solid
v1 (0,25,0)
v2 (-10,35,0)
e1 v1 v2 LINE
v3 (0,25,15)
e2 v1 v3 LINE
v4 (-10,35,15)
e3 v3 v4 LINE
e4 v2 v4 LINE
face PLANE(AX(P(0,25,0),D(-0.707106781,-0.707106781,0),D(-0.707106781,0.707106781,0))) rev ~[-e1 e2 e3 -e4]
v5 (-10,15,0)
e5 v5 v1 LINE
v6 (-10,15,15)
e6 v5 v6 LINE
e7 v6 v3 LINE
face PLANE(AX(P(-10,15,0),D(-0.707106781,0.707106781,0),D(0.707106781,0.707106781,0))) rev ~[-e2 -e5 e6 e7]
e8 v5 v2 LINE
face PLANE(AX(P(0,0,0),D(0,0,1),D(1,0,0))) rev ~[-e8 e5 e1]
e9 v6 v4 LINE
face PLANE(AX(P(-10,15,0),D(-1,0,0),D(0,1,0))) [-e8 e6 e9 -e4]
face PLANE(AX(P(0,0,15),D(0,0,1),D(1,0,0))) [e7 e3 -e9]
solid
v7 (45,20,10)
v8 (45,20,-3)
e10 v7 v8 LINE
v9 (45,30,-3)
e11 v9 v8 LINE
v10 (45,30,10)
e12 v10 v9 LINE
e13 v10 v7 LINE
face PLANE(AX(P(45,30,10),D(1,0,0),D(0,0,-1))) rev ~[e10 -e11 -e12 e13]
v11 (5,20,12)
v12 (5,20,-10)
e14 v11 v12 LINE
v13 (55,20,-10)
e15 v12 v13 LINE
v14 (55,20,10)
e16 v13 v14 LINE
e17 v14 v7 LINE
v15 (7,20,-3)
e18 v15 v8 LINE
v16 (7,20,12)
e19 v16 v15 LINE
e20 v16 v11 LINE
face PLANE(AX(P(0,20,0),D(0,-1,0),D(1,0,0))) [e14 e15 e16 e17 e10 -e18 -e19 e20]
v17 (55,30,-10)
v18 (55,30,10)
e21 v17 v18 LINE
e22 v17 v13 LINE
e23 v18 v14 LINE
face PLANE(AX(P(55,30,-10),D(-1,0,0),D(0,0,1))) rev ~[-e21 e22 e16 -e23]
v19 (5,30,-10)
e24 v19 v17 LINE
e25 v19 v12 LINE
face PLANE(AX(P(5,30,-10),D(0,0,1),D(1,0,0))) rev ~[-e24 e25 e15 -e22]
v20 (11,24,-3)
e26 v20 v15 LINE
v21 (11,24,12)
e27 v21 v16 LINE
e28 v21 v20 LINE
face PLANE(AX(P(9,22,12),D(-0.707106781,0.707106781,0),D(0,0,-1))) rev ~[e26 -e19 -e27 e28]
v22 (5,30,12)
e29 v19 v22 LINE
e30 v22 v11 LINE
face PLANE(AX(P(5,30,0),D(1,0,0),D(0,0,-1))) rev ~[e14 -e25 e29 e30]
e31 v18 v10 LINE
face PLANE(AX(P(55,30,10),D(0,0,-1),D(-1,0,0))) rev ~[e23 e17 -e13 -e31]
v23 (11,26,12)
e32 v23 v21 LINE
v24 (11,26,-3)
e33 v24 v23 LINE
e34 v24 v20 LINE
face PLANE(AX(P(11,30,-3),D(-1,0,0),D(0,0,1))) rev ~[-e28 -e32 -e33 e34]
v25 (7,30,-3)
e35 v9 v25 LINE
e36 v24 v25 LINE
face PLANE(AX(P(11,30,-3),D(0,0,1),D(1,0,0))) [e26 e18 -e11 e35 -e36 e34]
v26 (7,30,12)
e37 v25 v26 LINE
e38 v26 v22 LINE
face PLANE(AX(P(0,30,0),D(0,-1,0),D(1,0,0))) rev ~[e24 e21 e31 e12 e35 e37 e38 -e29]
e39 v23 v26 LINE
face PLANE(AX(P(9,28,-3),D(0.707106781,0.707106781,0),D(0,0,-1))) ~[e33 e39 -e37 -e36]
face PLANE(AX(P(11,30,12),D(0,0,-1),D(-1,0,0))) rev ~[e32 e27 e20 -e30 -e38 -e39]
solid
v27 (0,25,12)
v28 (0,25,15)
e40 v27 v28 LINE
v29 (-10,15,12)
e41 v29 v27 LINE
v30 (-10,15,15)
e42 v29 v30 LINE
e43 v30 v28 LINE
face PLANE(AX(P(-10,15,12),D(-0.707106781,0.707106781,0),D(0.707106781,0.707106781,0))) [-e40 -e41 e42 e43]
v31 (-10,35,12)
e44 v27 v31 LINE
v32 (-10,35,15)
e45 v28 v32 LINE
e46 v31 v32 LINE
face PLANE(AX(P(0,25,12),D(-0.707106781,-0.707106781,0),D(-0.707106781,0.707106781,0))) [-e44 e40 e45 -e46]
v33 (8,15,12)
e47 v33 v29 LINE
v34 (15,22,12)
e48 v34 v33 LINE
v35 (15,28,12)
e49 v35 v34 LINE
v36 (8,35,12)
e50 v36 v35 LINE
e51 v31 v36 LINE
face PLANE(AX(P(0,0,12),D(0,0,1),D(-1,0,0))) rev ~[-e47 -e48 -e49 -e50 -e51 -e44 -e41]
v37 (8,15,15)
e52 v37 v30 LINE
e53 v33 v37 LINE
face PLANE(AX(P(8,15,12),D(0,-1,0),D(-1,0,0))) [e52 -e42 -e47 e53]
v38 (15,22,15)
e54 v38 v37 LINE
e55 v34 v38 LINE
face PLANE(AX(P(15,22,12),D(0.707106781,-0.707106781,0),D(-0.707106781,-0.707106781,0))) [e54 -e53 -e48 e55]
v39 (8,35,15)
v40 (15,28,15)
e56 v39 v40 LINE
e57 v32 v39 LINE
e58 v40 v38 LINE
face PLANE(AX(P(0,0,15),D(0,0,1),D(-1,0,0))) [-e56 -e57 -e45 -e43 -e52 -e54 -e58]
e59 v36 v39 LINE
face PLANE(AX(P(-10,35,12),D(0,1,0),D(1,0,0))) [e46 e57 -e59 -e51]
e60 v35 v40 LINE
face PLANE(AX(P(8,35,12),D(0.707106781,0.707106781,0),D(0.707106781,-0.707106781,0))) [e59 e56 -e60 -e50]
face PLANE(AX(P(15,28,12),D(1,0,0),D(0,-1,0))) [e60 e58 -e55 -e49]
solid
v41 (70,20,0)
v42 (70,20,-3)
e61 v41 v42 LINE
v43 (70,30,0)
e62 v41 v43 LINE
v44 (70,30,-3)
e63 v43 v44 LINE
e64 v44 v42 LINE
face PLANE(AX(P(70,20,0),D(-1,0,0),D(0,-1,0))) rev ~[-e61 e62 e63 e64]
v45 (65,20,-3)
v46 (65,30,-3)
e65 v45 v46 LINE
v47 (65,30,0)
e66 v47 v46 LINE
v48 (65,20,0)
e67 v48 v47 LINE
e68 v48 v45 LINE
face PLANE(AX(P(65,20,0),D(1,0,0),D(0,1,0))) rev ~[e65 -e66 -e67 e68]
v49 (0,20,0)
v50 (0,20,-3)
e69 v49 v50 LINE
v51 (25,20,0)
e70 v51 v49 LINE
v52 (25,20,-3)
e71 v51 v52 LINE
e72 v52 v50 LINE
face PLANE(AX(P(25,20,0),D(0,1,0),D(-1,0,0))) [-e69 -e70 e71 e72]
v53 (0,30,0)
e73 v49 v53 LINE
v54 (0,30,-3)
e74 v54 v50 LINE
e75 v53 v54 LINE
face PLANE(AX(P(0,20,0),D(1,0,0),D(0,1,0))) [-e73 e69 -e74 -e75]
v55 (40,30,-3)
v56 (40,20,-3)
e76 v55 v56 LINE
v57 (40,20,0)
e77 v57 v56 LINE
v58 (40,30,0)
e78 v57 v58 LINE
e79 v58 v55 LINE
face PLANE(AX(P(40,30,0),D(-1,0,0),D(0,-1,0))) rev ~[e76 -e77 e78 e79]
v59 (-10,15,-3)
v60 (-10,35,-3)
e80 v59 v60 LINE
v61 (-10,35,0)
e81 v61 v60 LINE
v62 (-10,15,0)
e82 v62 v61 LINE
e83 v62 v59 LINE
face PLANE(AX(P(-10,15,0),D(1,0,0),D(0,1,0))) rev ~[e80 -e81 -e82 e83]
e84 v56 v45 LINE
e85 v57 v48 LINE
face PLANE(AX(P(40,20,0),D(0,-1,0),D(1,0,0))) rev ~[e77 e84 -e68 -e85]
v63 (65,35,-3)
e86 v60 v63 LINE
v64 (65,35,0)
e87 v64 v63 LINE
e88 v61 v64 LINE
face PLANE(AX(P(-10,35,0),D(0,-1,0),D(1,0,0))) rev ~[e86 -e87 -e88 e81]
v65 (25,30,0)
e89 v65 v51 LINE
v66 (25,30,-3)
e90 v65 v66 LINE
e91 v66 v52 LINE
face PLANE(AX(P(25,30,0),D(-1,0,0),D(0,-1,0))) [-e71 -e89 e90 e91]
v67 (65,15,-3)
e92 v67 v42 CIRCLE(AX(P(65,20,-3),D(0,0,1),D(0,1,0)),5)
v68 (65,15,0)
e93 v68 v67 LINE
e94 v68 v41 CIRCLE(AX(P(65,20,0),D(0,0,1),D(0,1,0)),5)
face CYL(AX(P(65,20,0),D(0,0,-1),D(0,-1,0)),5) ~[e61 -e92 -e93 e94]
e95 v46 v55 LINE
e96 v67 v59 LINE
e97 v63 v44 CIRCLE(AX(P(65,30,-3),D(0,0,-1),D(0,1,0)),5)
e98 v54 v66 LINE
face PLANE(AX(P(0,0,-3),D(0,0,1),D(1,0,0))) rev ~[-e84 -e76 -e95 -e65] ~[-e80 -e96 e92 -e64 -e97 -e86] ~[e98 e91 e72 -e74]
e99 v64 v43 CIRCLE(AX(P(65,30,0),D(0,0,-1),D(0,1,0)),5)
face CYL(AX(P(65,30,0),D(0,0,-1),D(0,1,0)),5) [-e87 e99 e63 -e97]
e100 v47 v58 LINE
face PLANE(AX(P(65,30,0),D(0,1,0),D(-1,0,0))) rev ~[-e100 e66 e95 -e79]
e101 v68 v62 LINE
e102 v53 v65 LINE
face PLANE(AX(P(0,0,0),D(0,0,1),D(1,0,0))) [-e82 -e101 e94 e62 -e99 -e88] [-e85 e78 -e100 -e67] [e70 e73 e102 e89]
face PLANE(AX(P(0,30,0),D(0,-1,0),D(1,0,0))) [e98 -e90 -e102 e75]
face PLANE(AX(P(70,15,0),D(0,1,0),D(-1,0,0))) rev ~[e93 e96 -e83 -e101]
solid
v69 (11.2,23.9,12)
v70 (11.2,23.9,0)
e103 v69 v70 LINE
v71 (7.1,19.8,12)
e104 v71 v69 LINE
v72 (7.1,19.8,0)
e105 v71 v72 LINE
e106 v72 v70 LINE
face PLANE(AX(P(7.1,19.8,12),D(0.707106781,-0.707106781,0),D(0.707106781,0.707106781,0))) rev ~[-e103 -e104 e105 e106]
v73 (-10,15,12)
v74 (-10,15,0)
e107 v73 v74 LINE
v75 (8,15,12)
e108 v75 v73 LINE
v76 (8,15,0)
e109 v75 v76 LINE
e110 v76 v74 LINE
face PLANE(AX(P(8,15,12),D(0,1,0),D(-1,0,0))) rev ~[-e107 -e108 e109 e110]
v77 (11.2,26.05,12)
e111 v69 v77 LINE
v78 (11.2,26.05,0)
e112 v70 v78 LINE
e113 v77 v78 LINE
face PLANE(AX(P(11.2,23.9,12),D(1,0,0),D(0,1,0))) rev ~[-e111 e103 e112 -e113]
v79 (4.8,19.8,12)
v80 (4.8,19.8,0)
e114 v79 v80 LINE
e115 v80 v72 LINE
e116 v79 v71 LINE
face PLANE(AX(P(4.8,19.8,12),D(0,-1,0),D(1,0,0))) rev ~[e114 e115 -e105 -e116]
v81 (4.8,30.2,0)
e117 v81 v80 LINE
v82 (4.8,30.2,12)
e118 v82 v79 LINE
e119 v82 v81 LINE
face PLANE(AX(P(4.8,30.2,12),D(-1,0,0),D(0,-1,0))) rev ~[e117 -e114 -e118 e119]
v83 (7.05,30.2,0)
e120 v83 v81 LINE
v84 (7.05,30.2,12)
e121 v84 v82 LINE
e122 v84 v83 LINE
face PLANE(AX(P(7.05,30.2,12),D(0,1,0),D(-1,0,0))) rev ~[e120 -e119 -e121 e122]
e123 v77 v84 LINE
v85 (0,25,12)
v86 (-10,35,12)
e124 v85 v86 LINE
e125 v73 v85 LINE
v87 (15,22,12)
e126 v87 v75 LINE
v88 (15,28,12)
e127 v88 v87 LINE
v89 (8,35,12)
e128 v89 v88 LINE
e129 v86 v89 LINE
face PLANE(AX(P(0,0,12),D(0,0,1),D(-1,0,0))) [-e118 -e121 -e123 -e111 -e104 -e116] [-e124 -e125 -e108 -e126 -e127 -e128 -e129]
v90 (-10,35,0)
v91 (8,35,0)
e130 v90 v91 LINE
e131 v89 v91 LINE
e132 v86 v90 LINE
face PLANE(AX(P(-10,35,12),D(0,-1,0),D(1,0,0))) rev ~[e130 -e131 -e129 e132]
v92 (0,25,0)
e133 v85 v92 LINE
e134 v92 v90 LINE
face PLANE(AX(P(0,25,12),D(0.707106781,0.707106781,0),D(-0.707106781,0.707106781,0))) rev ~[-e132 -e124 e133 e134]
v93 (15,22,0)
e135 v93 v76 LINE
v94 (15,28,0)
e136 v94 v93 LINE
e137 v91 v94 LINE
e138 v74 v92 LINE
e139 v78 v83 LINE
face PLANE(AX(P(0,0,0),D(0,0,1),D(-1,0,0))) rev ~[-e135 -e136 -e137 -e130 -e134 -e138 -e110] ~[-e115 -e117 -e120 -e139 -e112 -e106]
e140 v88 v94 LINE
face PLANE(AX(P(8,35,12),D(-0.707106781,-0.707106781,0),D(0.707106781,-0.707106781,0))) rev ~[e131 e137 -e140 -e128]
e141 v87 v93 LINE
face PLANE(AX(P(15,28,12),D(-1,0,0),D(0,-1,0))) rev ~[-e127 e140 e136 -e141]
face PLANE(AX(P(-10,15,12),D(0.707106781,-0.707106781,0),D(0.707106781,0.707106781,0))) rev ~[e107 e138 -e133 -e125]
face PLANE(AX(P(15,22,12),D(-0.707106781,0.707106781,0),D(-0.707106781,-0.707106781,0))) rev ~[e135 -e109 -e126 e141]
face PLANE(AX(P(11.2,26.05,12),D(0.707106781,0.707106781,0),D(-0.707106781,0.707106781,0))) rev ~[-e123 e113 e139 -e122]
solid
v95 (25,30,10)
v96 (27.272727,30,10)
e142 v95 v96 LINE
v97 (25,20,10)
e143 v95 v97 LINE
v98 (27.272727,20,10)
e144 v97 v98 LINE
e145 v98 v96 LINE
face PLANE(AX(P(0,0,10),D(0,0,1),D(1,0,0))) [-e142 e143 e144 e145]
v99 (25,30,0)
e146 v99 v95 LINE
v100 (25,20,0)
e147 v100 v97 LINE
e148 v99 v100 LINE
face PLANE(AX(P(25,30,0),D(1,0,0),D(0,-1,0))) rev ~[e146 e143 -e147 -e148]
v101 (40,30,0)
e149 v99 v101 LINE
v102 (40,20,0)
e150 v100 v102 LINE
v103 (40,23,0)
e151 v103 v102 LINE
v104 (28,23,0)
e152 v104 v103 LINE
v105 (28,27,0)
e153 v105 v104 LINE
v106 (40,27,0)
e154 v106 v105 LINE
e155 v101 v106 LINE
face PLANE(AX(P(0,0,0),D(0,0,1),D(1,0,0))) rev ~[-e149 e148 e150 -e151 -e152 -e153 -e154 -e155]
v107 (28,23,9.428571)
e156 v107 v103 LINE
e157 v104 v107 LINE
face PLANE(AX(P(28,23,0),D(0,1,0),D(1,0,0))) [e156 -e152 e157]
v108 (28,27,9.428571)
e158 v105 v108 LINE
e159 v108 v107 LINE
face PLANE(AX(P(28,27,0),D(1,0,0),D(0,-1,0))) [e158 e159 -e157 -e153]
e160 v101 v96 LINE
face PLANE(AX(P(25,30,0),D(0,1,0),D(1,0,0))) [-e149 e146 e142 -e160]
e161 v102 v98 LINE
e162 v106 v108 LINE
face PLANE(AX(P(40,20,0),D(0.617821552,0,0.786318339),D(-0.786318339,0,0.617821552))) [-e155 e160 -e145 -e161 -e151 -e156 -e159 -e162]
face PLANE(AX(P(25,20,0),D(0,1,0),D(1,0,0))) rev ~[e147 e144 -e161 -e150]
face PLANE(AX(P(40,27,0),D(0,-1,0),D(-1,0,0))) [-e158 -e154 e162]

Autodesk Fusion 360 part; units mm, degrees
sketch "Sketch1" plane through (0, 0, 0) normal (0, 0, 1) x (1, 0, 0) in component "inner-clamp"
  line L0 (-10, 35) -> (70, 35)
  line L1 (70, 35) -> (70, 15)
  line L2 (70, 15) -> (-10, 15)
  line L3 (-10, 15) -> (-10, 35)
  line L4 (25, 30) -> (25, 20)
  line L5 (-10, 15) -> (0, 25)
  line L6 (0, 25) -> (-10, 35)
  line L7 (0, 30) -> (25, 30)
  line L8 (25, 30) -> (25, 20)
  line L9 (25, 20) -> (0, 20)
  line L10 (0, 20) -> (0, 30)
  line L11 (65, 30) -> (40, 30)
  line L12 (40, 30) -> (40, 20)
  line L13 (40, 20) -> (65, 20)
  line L14 (65, 20) -> (65, 30)
  line L15 (25, 30) -> (70, 30)
  line L16 (25, 20) -> (70, 20)
  line L17 (40, 27) -> (28, 27)
  line L18 (28, 27) -> (28, 23)
  line L19 (28, 23) -> (40, 23)
extrude "Extrude3" add sketch "Sketch1" along normal blind 10 contours L4 L8 L12 L15 L16 L17 L18 L19 makes body 1 in component "inner-clamp"
extrude "Extrude2" add sketch "Sketch1" along normal blind 15 separate body contours L3 L5 L6 makes body 2 in component "inner-clamp"
extrude "Extrude1" add sketch "Sketch1" against normal blind 3 separate body contours L3 L5 L6 | L0 L1 L6 L7 L10 L11 L15 | L1 L2 L5 L9 L10 L13 L16 | L1 L14 L15 L16 | L4 L8 L12 L15 L16 L17 L18 L19 | L12 L17 L18 L19 makes body 3 in component "inner-clamp"
fillet "Fillet1" radius 5 2 edges at (70, 15, -1.5) (70, 35, -1.5) on bodies 3 in component "inner-clamp"
sketch "Sketch2" plane through (0, 30, 0) normal (0, -1, 0) x (1, 0, 0) in component "outer-clamp-slider"
  line L0 (25, 0) -> (0, 0)
  line L1 (0, 0) -> (0, -3)
  line L2 (0, -3) -> (25, -3)
  line L3 (25, -3) -> (25, 0)
  line L4 (5, 12) -> (5, -10)
  line L5 (5, -10) -> (55, -10)
  line L6 (55, -10) -> (55, 10)
  line L7 (55, 10) -> (45, 10)
  line L8 (45, 10) -> (45, -3)
  line L9 (45, -3) -> (11, -3)
  line L10 (11, -3) -> (11, 12)
  line L11 (11, 12) -> (5, 12)
extrude "Extrude1'" add sketch "Sketch2" along normal blind 10 separate body contours L0 L2 L4 L10 | L0 L4 L10 L11 | L2 L4 L5 L6 L7 L8 L9 makes body 4 in component "outer-clamp-slider"
chamfer "Chamfer1" distance 4 angle 45 2 edges at (11, 20, 4.5) (11, 30, 4.5) on bodies 4 in component "outer-clamp-slider"
sketch "Sketch1 (2)" plane through (0, 0, 12) normal (0, 0, 1) x (-1, 0, 0) in component "outer-clamp"
  line L0 (-11, -26) -> (-7, -30)
  line L1 (-7, -30) -> (-5, -30)
  line L2 (-5, -30) -> (-5, -20)
  line L3 (-5, -20) -> (-7, -20)
  line L4 (-7, -20) -> (-11, -24)
  line L5 (-11, -24) -> (-11, -26)
  line L6 (-4.8, -19.8) -> (-7.1, -19.8)
  line L7 (-7.1, -19.8) -> (-11.2, -23.9)
  line L8 (-11.2, -23.9) -> (-11.2, -26.05)
  line L9 (-11.2, -26.05) -> (-7.05, -30.2)
  line L10 (-7.05, -30.2) -> (-4.8, -30.2)
  line L11 (-4.8, -30.2) -> (-4.8, -19.8)
  line L12 (0, -25) -> (10, -35)
  line L13 (10, -35) -> (-8, -35)
  line L14 (-8, -35) -> (-15, -28)
  line L15 (-15, -28) -> (-15, -22)
  line L16 (-15, -22) -> (-8, -15)
  line L17 (-8, -15) -> (10, -15)
  line L18 (10, -15) -> (0, -25)
extrude "Extrude2'" add sketch "Sketch1 (2)" along normal blind 3 separate body contours L0 L1 L2 L3 L4 L5 | L6 L7 L8 L9 L10 L11 | L12 L13 L14 L15 L16 L17 L18 makes body 5 in component "outer-clamp"
extrude "Extrude1''" add sketch "Sketch1 (2)" against normal blind 12 separate body contours L12 L13 L14 L15 L16 L17 L18 makes body 6 in component "outer-clamp"
sketch "Sketch2 (2)" plane through (0, 20, 0) normal (0, -1, 0) x (1, 0, 0) in component "inner-clamp"
  line L0 (25, 0) -> (40, 0)
  line L1 (40, 0) -> (40, 10)
  line L2 (40, 10) -> (25, 10)
  line L3 (25, 10) -> (25, 0)
  line L4 (40, 0) -> (26, 11)
extrude "Extrude4" cut sketch "Sketch2 (2)" against normal blind 10 contours L1 L2 L4 bodies 1 in component "inner-clamp"
component "outer-clamp-slider" placed x (1, 0, 0) y (0, 1, 0) z (0, 0, 1) at (0, 0, 0)
component "inner-clamp" placed x (1, 0, 0) y (0, 1, 0) z (0, 0, 1) at (0, 0, 0)
component "outer-clamp" placed x (1, 0, 0) y (0, 1, 0) z (0, 0, 1) at (0, 0, 0)
